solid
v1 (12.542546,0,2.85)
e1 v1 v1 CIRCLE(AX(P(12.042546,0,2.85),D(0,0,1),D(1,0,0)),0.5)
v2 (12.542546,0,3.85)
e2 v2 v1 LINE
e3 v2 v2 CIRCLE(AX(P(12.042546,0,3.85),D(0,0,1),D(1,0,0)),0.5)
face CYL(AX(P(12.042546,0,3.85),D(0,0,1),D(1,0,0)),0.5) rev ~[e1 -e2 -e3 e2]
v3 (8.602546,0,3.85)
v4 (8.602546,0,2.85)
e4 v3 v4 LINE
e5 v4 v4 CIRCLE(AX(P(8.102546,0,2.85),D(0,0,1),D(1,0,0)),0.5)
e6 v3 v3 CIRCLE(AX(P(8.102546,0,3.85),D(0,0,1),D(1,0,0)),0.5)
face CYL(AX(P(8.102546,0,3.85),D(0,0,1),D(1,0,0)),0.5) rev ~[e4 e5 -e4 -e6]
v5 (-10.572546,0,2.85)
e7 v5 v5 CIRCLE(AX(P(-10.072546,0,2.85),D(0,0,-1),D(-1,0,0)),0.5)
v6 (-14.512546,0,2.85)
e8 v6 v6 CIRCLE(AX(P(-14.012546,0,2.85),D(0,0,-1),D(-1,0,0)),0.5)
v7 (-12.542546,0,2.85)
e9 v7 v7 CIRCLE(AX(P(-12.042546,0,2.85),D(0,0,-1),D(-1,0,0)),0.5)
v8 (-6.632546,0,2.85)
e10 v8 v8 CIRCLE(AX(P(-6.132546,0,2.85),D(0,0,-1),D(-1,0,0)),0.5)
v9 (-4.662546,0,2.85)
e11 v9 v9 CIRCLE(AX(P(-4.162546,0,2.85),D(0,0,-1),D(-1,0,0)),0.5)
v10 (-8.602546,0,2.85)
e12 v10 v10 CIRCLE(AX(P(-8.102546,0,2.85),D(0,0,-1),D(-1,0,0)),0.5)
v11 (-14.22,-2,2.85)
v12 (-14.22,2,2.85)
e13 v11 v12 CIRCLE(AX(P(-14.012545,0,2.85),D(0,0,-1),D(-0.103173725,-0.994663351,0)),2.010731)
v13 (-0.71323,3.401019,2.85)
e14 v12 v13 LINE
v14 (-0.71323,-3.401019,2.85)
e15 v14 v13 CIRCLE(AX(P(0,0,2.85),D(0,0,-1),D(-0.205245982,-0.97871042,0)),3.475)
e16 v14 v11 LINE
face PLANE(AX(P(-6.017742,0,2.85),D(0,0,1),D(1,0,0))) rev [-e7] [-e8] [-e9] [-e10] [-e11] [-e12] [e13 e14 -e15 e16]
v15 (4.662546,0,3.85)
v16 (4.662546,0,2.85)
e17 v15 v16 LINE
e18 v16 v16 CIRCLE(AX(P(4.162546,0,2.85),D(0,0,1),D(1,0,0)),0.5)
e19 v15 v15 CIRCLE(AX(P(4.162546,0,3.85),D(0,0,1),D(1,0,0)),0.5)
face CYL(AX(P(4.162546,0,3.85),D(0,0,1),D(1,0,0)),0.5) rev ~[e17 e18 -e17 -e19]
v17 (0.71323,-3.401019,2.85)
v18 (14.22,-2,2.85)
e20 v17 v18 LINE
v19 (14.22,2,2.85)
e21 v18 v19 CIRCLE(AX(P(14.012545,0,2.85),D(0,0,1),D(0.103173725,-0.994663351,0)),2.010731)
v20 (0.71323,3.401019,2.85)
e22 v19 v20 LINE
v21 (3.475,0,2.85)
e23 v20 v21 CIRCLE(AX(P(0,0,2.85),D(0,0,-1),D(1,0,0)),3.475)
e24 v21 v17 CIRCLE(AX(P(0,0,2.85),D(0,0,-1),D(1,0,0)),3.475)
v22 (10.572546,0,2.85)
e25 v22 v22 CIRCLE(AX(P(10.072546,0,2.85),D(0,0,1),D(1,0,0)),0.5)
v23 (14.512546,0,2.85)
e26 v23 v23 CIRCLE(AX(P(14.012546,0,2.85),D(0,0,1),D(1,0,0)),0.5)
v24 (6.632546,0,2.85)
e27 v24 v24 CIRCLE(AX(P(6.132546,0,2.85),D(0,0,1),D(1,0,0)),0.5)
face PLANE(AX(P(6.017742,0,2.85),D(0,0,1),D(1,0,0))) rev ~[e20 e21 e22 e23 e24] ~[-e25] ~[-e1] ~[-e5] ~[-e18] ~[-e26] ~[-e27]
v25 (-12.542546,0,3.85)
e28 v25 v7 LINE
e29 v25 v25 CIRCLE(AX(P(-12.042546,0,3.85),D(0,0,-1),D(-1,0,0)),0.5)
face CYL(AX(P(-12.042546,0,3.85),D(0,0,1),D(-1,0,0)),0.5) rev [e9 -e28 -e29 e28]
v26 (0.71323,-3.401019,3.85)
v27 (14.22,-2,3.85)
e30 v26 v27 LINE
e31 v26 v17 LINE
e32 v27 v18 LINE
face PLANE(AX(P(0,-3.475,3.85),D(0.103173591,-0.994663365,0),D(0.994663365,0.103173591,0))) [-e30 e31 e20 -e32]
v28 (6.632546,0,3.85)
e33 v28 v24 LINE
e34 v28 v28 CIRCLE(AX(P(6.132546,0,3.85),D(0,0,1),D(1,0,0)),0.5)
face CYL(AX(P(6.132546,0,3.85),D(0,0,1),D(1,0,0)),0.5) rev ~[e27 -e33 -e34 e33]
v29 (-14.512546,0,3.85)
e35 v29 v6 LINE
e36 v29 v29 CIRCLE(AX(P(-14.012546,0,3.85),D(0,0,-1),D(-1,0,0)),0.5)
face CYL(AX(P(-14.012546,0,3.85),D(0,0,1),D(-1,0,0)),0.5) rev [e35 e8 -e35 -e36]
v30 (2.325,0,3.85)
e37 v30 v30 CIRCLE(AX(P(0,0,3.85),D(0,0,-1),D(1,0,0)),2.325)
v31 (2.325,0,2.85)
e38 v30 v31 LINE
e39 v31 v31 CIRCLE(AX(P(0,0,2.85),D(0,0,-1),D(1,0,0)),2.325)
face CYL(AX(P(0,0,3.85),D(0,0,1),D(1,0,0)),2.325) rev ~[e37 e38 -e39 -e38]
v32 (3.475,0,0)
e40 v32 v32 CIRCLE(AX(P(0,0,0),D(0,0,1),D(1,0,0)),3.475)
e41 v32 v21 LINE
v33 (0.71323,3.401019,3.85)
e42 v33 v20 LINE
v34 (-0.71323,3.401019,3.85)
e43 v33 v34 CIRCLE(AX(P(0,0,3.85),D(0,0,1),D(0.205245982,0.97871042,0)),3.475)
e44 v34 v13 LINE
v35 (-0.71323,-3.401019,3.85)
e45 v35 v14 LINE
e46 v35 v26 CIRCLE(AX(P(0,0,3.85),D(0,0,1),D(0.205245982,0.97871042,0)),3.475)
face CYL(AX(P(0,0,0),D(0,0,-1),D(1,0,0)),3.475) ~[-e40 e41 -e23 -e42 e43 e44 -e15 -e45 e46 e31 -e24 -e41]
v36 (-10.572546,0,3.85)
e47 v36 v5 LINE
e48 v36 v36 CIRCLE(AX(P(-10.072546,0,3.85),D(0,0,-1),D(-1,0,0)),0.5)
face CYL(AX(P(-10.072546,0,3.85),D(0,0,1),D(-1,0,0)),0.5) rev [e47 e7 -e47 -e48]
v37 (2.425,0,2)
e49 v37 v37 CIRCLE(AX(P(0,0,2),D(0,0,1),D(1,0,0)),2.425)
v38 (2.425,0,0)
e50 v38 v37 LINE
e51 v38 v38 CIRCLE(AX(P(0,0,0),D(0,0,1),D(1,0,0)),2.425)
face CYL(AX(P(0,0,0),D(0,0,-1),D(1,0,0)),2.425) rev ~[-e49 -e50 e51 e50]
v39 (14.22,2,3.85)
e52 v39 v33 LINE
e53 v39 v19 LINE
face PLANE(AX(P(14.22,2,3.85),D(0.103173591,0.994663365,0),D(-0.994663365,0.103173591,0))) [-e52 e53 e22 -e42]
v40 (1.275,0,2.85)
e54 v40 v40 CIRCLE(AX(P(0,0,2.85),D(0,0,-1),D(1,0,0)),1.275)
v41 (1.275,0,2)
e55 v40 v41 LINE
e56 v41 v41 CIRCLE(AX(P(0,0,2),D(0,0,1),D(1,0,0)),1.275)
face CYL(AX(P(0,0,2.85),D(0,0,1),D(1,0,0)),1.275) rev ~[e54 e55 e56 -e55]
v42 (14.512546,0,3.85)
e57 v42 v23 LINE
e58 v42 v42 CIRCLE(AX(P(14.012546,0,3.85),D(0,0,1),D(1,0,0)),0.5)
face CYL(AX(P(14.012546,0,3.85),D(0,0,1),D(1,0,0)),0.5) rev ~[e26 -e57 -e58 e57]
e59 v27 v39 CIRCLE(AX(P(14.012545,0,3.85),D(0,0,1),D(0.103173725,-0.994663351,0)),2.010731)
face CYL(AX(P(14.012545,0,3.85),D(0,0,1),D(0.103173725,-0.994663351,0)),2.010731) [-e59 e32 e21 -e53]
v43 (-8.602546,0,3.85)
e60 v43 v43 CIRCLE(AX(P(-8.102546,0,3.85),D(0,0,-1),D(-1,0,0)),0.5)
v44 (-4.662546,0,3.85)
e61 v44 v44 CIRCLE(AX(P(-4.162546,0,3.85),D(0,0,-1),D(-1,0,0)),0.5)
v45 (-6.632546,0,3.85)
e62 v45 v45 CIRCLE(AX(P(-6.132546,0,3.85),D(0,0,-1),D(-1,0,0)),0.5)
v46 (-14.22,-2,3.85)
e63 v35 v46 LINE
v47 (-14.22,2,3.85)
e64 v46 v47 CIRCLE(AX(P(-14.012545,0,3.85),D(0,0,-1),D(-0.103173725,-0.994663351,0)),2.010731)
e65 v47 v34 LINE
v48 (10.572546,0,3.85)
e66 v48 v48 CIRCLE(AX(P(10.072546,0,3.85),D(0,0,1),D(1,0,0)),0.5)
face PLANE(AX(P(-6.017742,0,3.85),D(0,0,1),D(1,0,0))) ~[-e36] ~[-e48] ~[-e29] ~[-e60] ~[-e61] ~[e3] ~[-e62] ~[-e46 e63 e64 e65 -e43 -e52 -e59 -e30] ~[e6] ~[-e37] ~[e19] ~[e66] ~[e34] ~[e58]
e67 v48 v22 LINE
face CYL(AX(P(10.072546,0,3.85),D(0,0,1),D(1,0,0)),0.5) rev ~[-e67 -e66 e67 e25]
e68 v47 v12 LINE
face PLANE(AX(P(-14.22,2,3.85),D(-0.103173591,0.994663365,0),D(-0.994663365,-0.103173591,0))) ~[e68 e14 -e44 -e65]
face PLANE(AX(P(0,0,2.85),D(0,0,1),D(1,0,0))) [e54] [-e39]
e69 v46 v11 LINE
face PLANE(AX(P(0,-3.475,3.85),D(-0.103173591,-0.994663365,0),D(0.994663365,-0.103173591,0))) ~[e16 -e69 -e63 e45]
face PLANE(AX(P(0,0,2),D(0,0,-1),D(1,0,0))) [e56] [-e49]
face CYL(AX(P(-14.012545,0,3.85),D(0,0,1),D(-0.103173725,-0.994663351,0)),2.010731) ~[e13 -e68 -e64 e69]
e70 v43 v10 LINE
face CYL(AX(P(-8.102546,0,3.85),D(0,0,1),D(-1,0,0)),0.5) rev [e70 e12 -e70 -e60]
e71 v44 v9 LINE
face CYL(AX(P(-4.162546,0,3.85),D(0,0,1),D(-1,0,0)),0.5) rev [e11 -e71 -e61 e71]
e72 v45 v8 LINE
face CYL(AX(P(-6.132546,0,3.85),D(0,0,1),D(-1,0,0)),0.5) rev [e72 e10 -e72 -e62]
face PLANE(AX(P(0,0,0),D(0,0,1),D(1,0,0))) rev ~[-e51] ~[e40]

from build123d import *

# Parameters (mm, degrees)
F0_R      = 3.475
F1_DEPTH  = 3.85
F2_R      = 2.425
F3_DEPTH  = 2
F5_DEPTH  = 1
F6_R      = 2.325
F7_DEPTH  = 1
F8_R      = 1.275
F9_DEPTH  = 2.851
F10_R     = 0.5
F11_DEPTH = 3.851


with BuildPart() as f1:
    # F0 (on Top) → F1 (new body)
    with BuildSketch(Plane.XY):
        Circle(F0_R)
    extrude(amount=F1_DEPTH)

    # F2 (on face) → F3 (cut)
    with BuildSketch(Plane(origin=(0, 0, 0), x_dir=(1, 0, 0), z_dir=(0, 0, -1))):
        Circle(F2_R)
    extrude(amount=-F3_DEPTH, mode=Mode.SUBTRACT)

    # F4 (on face) → F5 (join)
    with BuildSketch(Plane.XY.offset(3.85)):
        with BuildLine():
            Line((14.22, 2), (0, 3.475))
            ThreePointArc((0, 3.475), (-3.475, 0), (0, -3.475))
            Line((0, -3.475), (14.22, -2))
            ThreePointArc((14.22, -2), (16.023276, 0), (14.22, 2))
        make_face()
    extrude(amount=-F5_DEPTH)

    # F6 (on face) → F7 (cut)
    with BuildSketch(Plane.XY.offset(3.85)):
        Circle(F6_R)
    extrude(amount=-F7_DEPTH, mode=Mode.SUBTRACT)

    # F8 (on face) → F9 (cut, through all)
    with BuildSketch(Plane.XY.offset(2.85)):
        Circle(F8_R)
    extrude(amount=-F9_DEPTH, mode=Mode.SUBTRACT)

    # F10 (on face) → F11 (cut, through all)
    with BuildSketch(Plane.XY.offset(3.85)):
        with Locations((14.012546, 0)):
            Circle(F10_R)
        with Locations((12.042546, 0)):
            Circle(F10_R)
        with Locations((10.072546, 0)):
            Circle(F10_R)
        with Locations((8.102546, 0)):
            Circle(F10_R)
        with Locations((6.132546, 0)):
            Circle(F10_R)
        with Locations((4.162546, 0)):
            Circle(F10_R)
    extrude(amount=-F11_DEPTH, mode=Mode.SUBTRACT)

    # F12: F1 across plane


with BuildPart() as f1_1:
    add(f1.part)
    add(f1.part.mirror(Plane.YZ))


solid = f1_1.part
